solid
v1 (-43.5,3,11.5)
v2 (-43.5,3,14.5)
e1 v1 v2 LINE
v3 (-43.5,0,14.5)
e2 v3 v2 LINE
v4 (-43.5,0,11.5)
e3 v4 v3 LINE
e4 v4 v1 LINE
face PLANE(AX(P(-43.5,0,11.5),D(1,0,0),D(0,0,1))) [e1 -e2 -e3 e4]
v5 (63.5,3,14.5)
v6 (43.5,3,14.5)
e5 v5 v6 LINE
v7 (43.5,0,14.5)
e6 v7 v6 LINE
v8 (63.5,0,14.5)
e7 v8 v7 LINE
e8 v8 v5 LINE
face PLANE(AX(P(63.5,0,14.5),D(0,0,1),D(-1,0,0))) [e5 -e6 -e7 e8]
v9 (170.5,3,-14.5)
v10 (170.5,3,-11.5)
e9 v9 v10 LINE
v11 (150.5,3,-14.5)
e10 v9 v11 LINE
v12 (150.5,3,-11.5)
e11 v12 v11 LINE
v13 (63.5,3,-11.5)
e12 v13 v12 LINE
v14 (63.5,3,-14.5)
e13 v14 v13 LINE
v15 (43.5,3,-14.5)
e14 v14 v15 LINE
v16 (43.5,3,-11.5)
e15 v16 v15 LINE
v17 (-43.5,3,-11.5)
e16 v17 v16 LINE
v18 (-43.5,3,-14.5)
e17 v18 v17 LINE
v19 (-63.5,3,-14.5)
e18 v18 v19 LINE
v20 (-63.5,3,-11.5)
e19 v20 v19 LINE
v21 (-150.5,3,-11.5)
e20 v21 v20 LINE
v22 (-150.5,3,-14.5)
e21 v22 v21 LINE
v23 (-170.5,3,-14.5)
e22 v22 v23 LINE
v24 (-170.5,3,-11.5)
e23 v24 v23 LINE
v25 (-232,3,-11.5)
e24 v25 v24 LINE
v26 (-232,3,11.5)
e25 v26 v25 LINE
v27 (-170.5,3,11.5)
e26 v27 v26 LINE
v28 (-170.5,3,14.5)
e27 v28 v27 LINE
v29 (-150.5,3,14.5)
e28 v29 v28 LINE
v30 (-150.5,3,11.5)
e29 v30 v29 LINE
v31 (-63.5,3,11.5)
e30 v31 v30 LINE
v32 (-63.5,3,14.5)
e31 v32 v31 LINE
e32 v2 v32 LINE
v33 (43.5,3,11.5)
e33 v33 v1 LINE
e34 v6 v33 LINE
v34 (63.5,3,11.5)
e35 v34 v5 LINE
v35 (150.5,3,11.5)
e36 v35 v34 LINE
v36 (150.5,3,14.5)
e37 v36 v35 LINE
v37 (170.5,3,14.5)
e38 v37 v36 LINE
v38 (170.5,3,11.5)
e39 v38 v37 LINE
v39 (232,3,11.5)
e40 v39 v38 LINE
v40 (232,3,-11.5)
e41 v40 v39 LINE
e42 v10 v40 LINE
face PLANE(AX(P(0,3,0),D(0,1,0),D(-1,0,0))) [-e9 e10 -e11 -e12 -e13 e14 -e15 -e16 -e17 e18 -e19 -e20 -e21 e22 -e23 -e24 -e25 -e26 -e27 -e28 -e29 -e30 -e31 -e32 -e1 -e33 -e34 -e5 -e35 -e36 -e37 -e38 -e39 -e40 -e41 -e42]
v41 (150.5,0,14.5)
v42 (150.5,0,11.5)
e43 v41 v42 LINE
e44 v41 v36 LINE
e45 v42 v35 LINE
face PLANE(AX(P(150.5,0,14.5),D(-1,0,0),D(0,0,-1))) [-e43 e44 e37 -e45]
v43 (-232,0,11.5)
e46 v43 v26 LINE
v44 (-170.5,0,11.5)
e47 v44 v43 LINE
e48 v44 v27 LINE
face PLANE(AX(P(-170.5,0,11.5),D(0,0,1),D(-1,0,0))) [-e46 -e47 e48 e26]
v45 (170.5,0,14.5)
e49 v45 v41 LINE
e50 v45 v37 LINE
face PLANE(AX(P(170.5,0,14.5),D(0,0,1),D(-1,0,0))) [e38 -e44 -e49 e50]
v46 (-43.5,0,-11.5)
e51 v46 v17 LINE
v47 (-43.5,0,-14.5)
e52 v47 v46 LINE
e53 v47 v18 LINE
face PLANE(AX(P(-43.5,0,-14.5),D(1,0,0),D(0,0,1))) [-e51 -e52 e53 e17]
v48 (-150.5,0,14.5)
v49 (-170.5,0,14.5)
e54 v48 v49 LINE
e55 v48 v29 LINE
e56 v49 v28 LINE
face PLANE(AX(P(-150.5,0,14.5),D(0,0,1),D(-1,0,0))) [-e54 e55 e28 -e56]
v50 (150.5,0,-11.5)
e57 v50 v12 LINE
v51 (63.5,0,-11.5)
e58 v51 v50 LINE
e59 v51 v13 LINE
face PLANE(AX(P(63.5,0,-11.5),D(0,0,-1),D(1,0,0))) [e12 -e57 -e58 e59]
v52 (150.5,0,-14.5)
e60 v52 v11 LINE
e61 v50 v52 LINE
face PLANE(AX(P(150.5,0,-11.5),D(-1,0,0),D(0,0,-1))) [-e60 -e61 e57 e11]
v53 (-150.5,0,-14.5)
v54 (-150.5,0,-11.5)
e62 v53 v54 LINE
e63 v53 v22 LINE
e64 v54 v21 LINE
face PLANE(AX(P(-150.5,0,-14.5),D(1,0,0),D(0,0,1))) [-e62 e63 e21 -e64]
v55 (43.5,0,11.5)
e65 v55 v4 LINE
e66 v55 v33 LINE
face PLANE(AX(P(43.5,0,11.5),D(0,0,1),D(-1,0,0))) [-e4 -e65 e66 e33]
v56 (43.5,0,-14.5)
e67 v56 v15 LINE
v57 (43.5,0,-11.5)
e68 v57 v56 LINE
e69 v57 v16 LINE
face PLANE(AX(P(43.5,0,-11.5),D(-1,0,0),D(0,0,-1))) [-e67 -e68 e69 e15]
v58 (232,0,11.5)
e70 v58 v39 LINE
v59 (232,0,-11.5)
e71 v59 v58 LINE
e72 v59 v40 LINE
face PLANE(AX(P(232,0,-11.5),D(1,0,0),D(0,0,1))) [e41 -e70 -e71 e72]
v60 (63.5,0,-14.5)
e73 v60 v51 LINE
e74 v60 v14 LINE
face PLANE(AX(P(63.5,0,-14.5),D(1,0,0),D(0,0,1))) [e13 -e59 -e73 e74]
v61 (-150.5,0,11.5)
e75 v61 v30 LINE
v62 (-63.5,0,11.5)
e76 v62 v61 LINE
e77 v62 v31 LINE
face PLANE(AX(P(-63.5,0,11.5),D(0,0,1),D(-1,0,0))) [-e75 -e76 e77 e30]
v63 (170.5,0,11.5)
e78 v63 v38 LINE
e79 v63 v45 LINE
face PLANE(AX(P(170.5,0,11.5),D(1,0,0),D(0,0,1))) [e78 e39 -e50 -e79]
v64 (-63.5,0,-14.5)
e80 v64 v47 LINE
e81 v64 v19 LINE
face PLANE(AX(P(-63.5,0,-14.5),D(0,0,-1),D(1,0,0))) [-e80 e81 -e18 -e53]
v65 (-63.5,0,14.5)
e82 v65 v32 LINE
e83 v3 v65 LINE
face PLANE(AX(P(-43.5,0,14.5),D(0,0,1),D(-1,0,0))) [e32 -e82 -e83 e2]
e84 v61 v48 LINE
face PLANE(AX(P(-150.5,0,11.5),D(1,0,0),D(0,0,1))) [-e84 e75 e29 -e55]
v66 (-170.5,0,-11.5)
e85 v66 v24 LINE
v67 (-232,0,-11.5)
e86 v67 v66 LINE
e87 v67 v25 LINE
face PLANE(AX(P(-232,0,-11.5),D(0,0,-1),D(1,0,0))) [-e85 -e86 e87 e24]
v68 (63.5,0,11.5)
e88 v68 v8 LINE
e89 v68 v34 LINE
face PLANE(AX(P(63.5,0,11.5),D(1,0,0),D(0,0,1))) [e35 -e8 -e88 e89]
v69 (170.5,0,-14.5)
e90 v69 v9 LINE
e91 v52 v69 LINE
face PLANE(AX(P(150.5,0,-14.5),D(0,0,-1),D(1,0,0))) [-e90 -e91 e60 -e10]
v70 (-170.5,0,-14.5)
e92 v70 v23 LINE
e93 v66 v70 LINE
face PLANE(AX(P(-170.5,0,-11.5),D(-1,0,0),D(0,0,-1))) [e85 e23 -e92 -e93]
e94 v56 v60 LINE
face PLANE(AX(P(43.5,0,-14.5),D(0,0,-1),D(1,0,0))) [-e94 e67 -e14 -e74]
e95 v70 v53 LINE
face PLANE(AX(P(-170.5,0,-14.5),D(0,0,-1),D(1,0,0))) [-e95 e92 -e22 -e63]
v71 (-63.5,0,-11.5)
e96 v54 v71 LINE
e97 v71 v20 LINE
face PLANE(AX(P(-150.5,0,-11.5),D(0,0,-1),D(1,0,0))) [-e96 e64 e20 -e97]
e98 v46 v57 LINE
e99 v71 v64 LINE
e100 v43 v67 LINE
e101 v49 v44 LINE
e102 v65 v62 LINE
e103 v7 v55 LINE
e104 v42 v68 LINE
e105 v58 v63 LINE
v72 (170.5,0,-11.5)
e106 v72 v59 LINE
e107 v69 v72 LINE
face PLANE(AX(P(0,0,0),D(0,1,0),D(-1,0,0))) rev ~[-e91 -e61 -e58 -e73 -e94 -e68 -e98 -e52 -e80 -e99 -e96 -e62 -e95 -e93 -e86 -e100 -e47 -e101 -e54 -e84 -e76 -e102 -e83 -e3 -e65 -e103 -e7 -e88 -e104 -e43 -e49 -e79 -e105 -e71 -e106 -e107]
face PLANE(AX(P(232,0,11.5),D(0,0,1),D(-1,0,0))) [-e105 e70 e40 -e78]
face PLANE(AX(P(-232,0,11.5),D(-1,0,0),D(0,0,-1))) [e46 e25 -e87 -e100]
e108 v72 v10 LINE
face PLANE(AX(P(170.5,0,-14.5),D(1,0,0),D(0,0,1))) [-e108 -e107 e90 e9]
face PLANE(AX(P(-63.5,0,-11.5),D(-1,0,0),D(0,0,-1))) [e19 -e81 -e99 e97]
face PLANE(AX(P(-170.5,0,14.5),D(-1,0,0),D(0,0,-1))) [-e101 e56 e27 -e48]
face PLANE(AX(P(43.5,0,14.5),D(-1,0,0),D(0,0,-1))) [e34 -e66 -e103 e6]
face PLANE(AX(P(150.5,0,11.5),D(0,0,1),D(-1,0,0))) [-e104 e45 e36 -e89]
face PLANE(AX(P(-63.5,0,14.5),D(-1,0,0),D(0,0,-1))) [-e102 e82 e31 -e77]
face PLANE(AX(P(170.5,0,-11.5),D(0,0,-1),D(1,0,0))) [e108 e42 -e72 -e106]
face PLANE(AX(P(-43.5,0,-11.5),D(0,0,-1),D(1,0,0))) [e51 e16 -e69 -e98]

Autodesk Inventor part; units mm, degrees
ref_plane "YZ Plane" through (0, 0, 0) normal (1, 0, 0) x (0, 1, 0)
ref_plane "XZ Plane" through (0, 0, 0) normal (0, 1, 0) x (-1, 0, 0)
ref_plane "XY Plane" through (0, 0, 0) normal (0, 0, 1) x (1, 0, 0)
sketch "Sketch1" plane through (0, 0, 0) normal (0, 1, 0) x (-1, 0, 0)
  line L0 (232, -11.5) -> (-232, -11.5)
  line L1 (-232, -11.5) -> (-232, 11.5)
  line L2 (-232, 11.5) -> (232, 11.5)
  line L3 (232, 11.5) -> (232, -11.5)
  line L4 (170.5, -14.5) -> (150.5, -14.5)
  line L5 (150.5, -14.5) -> (150.5, -11.5)
  line L6 (150.5, -11.5) -> (170.5, -11.5)
  line L7 (170.5, -11.5) -> (170.5, -14.5)
  line L8 (160.5, -14.5) -> (160.5, -11.5)
  line L9 (170.5, 11.5) -> (150.5, 11.5)
  line L10 (150.5, 11.5) -> (150.5, 14.5)
  line L11 (150.5, 14.5) -> (170.5, 14.5)
  line L12 (170.5, 14.5) -> (170.5, 11.5)
  line L13 (63.5, -14.5) -> (43.5, -14.5)
  line L14 (43.5, -14.5) -> (43.5, -11.5)
  line L15 (43.5, -11.5) -> (63.5, -11.5)
  line L16 (63.5, -11.5) -> (63.5, -14.5)
  line L17 (53.5, -14.5) -> (53.5, -11.5)
  line L18 (63.5, 11.5) -> (43.5, 11.5)
  line L19 (43.5, 11.5) -> (43.5, 14.5)
  line L20 (43.5, 14.5) -> (63.5, 14.5)
  line L21 (63.5, 14.5) -> (63.5, 11.5)
  line L22 (-43.5, -14.5) -> (-63.5, -14.5)
  line L23 (-63.5, -14.5) -> (-63.5, -11.5)
  line L24 (-63.5, -11.5) -> (-43.5, -11.5)
  line L25 (-43.5, -11.5) -> (-43.5, -14.5)
  line L26 (-53.5, -14.5) -> (-53.5, -11.5)
  line L27 (-43.5, 11.5) -> (-63.5, 11.5)
  line L28 (-63.5, 11.5) -> (-63.5, 14.5)
  line L29 (-63.5, 14.5) -> (-43.5, 14.5)
  line L30 (-43.5, 14.5) -> (-43.5, 11.5)
  line L31 (-150.5, -14.5) -> (-170.5, -14.5)
  line L32 (-170.5, -14.5) -> (-170.5, -11.5)
  line L33 (-170.5, -11.5) -> (-150.5, -11.5)
  line L34 (-150.5, -11.5) -> (-150.5, -14.5)
  line L35 (-160.5, -14.5) -> (-160.5, -11.5)
  line L36 (-150.5, 11.5) -> (-170.5, 11.5)
  line L37 (-170.5, 11.5) -> (-170.5, 14.5)
  line L38 (-170.5, 14.5) -> (-150.5, 14.5)
  line L39 (-150.5, 14.5) -> (-150.5, 11.5)
  point P0 (0, 0)
  point P1 (-232, 0)
  point P2 (0, -11.5)
  dimension "d0" = 464
  dimension "d1" = 23
  dimension "d2" = 3
  dimension "d3" = 20
  dimension "d4" = 160.5
  dimension "d5" = 3
  dimension "d9" = 107
  dimension "d14" = 20
extrude "Extrusion1" add sketch "Sketch1" along normal blind 3
equation "\"d1\" = stack"
equation "\"d2\" = thickness"
equation "\"d3\" = finger"
equation "\"d5\" = thickness"
equation "\"d14\" = finger"
equation "\"stack\" = 23"
equation "\"thickness\" = 3"
equation "\"finger\" = 20"
properties part number "BungaSign-Bigger-Sides-TopBottom"
